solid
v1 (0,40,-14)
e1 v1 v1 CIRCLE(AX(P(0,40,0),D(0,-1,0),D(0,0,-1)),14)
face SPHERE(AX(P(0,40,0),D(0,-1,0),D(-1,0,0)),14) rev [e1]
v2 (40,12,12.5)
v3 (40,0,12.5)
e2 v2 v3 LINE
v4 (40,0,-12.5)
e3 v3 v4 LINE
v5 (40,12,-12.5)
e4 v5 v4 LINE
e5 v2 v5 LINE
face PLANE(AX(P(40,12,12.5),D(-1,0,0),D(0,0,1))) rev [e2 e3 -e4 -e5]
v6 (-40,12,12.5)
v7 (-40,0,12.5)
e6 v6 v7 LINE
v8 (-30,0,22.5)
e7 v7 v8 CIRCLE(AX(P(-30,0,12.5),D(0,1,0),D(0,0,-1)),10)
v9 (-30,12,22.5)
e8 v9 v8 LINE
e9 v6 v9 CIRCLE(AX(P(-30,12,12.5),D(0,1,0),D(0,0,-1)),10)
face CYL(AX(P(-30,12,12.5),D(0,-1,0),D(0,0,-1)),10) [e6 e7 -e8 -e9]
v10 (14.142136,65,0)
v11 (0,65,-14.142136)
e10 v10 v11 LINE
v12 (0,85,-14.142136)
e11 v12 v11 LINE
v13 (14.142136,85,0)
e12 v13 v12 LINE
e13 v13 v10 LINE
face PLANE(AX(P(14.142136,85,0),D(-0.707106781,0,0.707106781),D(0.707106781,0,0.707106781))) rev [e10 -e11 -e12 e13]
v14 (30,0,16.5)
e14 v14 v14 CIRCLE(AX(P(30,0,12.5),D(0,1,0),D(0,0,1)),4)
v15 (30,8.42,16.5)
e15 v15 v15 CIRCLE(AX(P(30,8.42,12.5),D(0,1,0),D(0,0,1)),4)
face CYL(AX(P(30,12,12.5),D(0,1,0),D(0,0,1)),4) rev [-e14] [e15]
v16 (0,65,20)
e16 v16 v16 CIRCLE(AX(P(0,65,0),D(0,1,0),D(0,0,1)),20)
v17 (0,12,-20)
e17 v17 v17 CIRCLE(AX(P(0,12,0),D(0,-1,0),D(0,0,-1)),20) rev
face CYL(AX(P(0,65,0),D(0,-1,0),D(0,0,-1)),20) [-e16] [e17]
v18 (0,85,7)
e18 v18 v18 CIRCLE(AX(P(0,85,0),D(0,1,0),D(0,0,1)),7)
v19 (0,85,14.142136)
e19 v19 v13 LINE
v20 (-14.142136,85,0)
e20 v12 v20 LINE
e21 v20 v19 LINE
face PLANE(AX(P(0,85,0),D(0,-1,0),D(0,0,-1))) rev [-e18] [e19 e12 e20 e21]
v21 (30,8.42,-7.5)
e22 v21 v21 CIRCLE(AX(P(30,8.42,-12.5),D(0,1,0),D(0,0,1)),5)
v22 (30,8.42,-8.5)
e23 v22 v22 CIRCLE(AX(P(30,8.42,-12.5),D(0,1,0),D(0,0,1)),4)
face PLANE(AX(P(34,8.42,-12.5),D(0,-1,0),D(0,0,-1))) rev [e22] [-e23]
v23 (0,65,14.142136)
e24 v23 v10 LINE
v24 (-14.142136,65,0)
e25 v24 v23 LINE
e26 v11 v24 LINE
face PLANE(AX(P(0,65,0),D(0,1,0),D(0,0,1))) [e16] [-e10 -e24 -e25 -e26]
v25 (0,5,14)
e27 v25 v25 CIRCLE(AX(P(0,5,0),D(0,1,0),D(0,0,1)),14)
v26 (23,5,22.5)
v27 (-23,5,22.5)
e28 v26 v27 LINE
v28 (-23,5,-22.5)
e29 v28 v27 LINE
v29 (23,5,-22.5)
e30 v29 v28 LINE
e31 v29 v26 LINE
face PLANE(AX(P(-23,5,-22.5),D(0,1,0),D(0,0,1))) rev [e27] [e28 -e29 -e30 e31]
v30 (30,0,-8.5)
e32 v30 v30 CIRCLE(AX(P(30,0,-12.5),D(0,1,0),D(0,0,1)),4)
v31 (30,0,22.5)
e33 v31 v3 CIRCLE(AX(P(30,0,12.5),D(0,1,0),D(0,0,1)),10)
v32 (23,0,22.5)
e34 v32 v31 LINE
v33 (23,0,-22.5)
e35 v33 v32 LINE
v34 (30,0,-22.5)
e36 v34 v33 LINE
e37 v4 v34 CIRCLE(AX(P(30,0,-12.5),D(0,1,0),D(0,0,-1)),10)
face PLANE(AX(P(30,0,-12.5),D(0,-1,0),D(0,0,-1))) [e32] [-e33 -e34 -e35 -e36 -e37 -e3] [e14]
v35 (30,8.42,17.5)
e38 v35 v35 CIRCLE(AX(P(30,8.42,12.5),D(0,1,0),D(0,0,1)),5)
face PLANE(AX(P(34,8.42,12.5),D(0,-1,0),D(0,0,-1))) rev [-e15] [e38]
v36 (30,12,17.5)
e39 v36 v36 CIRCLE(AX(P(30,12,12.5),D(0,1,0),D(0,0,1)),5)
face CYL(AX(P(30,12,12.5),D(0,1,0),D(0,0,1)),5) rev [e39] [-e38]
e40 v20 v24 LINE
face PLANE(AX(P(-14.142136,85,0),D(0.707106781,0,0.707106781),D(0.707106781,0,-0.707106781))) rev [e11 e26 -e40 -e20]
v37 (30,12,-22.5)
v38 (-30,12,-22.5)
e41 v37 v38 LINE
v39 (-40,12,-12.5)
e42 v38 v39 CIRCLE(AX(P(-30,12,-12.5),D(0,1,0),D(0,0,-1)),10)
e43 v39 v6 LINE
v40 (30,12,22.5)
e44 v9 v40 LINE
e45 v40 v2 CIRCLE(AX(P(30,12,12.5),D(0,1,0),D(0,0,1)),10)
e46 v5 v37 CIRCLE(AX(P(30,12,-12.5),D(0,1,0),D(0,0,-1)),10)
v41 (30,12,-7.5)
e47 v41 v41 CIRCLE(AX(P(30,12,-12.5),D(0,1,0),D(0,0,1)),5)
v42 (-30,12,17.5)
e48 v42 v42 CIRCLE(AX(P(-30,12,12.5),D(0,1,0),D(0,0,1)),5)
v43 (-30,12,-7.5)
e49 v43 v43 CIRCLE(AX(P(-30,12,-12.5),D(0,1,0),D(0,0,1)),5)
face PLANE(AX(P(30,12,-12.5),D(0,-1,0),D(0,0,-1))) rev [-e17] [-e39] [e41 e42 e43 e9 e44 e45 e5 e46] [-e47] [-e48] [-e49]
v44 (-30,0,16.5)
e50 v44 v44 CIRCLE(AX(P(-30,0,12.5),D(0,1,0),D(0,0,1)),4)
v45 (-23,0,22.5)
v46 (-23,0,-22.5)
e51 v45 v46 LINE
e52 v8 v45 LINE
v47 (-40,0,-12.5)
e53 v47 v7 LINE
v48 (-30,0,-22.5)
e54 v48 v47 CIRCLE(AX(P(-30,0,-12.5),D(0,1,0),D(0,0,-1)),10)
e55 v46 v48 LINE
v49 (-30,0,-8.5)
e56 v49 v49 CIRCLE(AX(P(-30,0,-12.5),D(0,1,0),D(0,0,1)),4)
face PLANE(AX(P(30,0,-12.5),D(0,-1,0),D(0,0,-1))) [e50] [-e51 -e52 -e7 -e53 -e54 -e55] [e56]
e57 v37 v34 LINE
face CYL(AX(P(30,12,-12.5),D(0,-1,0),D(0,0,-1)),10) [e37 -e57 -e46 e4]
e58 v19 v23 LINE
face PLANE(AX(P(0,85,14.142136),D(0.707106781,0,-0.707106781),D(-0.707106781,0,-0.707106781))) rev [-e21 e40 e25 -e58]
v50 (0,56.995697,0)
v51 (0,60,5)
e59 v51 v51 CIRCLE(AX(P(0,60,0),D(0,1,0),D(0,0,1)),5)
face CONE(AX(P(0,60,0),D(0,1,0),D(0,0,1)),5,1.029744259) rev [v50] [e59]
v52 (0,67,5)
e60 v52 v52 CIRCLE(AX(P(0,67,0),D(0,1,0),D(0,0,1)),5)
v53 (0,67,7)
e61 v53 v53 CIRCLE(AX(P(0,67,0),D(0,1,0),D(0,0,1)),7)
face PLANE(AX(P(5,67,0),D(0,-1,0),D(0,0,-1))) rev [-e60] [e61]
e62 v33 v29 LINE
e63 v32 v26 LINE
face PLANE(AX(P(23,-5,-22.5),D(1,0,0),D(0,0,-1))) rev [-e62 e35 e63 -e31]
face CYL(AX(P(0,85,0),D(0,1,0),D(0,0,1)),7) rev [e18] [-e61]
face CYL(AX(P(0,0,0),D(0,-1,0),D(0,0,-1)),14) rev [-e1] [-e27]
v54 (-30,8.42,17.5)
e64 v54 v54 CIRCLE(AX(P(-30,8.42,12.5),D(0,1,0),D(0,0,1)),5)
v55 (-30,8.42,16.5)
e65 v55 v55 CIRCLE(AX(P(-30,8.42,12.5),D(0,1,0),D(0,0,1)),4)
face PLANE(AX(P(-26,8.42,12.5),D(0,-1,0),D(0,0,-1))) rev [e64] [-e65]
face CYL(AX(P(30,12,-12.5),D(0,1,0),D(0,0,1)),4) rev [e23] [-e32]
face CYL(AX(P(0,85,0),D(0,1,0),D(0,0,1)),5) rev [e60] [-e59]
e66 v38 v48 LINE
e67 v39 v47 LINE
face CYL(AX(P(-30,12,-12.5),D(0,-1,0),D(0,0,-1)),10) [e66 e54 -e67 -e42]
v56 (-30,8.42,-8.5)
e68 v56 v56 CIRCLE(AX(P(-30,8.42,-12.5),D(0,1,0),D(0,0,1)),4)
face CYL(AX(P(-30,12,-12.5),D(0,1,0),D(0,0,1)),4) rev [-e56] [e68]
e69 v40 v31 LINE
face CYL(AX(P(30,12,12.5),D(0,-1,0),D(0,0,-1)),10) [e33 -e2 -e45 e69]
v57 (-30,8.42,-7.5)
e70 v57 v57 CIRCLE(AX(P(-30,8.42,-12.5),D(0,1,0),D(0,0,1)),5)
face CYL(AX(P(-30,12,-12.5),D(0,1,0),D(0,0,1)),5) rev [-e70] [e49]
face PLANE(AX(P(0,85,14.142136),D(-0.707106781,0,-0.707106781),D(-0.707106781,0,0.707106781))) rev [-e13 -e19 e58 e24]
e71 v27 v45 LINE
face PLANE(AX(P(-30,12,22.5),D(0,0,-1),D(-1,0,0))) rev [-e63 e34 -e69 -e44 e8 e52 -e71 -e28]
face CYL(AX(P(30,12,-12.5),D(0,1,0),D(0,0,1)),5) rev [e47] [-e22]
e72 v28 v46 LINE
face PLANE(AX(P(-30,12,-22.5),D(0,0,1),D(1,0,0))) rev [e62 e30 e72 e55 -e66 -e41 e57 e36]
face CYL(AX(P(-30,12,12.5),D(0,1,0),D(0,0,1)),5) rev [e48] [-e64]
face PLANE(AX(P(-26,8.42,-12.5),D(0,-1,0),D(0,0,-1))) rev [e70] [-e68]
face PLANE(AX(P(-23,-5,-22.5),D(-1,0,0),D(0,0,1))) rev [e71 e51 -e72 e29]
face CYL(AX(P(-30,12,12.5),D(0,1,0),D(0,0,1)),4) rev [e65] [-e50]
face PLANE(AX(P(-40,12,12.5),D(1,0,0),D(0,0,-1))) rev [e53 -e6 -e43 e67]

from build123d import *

# Parameters (mm, degrees)
BOSS_EXTRUDE1_DEPTH                     = 12
CBORE_FOR_M5_HEX_HEAD_BOLT1_D           = 8
CBORE_FOR_M5_HEX_HEAD_BOLT1_CBORE_D     = 10
CBORE_FOR_M5_HEX_HEAD_BOLT1_CBORE_DEPTH = 3.58
SKETCH4_R                               = 20
BOSS_EXTRUDE2_DEPTH                     = 53
BOSS_EXTRUDE3_DEPTH                     = 20
CBORE_FOR_M5_HEX_HEAD_BOLT5_D           = 10
CBORE_FOR_M5_HEX_HEAD_BOLT5_DEPTH       = 25
CBORE_FOR_M5_HEX_HEAD_BOLT5_CBORE_D     = 14
CBORE_FOR_M5_HEX_HEAD_BOLT5_CBORE_DEPTH = 18
CBORE_FOR_M5_HEX_HEAD_BOLT5_TIP         = 3.004303095
SKETCH11_W                              = 46
SKETCH11_H                              = 10
CUT_EXTRUDE1_DEPTH                      = 105.16333328


with BuildPart() as part:
    # Sketch2 → Boss-Extrude1 (new body)
    with BuildSketch(Plane(origin=(0, 0, 0), x_dir=(1, 0, 0), z_dir=(0, 1, 0))):
        with BuildLine():
            Line((-30, -22.5), (30, -22.5))
            ThreePointArc((30, -22.5), (37.071067812, -19.571067812), (40, -12.5))
            Line((40, -12.5), (40, 12.5))
            ThreePointArc((40, 12.5), (37.071067812, 19.571067812), (30, 22.5))
            Line((30, 22.5), (-30, 22.5))
            ThreePointArc((-30, 22.5), (-37.071067812, 19.571067812), (-40, 12.5))
            Line((-40, 12.5), (-40, -12.5))
            ThreePointArc((-40, -12.5), (-37.071067812, -19.571067812), (-30, -22.5))
        make_face()
    extrude(amount=BOSS_EXTRUDE1_DEPTH)

    # CBORE for M5 Hex Head Bolt1 (through all)
    with Locations(Plane(origin=(-30, 12, 12.5), x_dir=(0, 0, 1), z_dir=(0, 1, 0))):
        with Locations((0, 0), (-25, 0), (-25, 60), (0, 60)):
            CounterBoreHole(CBORE_FOR_M5_HEX_HEAD_BOLT1_D / 2, CBORE_FOR_M5_HEX_HEAD_BOLT1_CBORE_D / 2, CBORE_FOR_M5_HEX_HEAD_BOLT1_CBORE_DEPTH)

    # Sketch4 → Boss-Extrude2 (add)
    with BuildSketch(Plane(origin=(0, 12, 0), x_dir=(1, 0, 0), z_dir=(0, 1, 0))):
        with Locations(Location((0, 0, 0), (0, 0, 90))):
            Circle(SKETCH4_R)
    extrude(amount=BOSS_EXTRUDE2_DEPTH)

    # Sketch5 → Boss-Extrude3 (add)
    with BuildSketch(Plane(origin=(0, 65, 0), x_dir=(1, 0, 0), z_dir=(0, 1, 0))):
        Polygon((0, -14.142135624), (14.142135624, 0), (0, 14.142135624), (-14.142135624, 0), align=None)
    extrude(amount=BOSS_EXTRUDE3_DEPTH)

    # CBORE for M5 Hex Head Bolt5
    with Locations(Plane.ZX.offset(85)):
        with Locations((0, 0)):
            CounterBoreHole(CBORE_FOR_M5_HEX_HEAD_BOLT5_D / 2, CBORE_FOR_M5_HEX_HEAD_BOLT5_CBORE_D / 2, CBORE_FOR_M5_HEX_HEAD_BOLT5_CBORE_DEPTH, depth=CBORE_FOR_M5_HEX_HEAD_BOLT5_DEPTH)
            with Locations((0, 0, -(CBORE_FOR_M5_HEX_HEAD_BOLT5_DEPTH + CBORE_FOR_M5_HEX_HEAD_BOLT5_TIP / 2))):  # 118° drill point
                Cone(0, CBORE_FOR_M5_HEX_HEAD_BOLT5_D / 2, CBORE_FOR_M5_HEX_HEAD_BOLT5_TIP, mode=Mode.SUBTRACT)

    # Sketch10 → Cut-Revolve1 (revolve, cut)
    with BuildSketch(Plane.XY):
        with BuildLine():
            Line((0, 0), (0, 54))
            ThreePointArc((0, 54), (-9.899494937, 49.899494937), (-14, 40))
            Line((-14, 40), (-14, 0))
            Line((-14, 0), (0, 0))
        make_face()
    revolve(axis=Axis((0, 0, 0), (0, 1, 0)), mode=Mode.SUBTRACT)

    # Sketch11 → Cut-Extrude1 (cut, through all)
    with BuildSketch(Plane.XY.offset(22.5)):
        Rectangle(SKETCH11_W, SKETCH11_H)
    extrude(amount=-CUT_EXTRUDE1_DEPTH, mode=Mode.SUBTRACT)


solid = part.part
